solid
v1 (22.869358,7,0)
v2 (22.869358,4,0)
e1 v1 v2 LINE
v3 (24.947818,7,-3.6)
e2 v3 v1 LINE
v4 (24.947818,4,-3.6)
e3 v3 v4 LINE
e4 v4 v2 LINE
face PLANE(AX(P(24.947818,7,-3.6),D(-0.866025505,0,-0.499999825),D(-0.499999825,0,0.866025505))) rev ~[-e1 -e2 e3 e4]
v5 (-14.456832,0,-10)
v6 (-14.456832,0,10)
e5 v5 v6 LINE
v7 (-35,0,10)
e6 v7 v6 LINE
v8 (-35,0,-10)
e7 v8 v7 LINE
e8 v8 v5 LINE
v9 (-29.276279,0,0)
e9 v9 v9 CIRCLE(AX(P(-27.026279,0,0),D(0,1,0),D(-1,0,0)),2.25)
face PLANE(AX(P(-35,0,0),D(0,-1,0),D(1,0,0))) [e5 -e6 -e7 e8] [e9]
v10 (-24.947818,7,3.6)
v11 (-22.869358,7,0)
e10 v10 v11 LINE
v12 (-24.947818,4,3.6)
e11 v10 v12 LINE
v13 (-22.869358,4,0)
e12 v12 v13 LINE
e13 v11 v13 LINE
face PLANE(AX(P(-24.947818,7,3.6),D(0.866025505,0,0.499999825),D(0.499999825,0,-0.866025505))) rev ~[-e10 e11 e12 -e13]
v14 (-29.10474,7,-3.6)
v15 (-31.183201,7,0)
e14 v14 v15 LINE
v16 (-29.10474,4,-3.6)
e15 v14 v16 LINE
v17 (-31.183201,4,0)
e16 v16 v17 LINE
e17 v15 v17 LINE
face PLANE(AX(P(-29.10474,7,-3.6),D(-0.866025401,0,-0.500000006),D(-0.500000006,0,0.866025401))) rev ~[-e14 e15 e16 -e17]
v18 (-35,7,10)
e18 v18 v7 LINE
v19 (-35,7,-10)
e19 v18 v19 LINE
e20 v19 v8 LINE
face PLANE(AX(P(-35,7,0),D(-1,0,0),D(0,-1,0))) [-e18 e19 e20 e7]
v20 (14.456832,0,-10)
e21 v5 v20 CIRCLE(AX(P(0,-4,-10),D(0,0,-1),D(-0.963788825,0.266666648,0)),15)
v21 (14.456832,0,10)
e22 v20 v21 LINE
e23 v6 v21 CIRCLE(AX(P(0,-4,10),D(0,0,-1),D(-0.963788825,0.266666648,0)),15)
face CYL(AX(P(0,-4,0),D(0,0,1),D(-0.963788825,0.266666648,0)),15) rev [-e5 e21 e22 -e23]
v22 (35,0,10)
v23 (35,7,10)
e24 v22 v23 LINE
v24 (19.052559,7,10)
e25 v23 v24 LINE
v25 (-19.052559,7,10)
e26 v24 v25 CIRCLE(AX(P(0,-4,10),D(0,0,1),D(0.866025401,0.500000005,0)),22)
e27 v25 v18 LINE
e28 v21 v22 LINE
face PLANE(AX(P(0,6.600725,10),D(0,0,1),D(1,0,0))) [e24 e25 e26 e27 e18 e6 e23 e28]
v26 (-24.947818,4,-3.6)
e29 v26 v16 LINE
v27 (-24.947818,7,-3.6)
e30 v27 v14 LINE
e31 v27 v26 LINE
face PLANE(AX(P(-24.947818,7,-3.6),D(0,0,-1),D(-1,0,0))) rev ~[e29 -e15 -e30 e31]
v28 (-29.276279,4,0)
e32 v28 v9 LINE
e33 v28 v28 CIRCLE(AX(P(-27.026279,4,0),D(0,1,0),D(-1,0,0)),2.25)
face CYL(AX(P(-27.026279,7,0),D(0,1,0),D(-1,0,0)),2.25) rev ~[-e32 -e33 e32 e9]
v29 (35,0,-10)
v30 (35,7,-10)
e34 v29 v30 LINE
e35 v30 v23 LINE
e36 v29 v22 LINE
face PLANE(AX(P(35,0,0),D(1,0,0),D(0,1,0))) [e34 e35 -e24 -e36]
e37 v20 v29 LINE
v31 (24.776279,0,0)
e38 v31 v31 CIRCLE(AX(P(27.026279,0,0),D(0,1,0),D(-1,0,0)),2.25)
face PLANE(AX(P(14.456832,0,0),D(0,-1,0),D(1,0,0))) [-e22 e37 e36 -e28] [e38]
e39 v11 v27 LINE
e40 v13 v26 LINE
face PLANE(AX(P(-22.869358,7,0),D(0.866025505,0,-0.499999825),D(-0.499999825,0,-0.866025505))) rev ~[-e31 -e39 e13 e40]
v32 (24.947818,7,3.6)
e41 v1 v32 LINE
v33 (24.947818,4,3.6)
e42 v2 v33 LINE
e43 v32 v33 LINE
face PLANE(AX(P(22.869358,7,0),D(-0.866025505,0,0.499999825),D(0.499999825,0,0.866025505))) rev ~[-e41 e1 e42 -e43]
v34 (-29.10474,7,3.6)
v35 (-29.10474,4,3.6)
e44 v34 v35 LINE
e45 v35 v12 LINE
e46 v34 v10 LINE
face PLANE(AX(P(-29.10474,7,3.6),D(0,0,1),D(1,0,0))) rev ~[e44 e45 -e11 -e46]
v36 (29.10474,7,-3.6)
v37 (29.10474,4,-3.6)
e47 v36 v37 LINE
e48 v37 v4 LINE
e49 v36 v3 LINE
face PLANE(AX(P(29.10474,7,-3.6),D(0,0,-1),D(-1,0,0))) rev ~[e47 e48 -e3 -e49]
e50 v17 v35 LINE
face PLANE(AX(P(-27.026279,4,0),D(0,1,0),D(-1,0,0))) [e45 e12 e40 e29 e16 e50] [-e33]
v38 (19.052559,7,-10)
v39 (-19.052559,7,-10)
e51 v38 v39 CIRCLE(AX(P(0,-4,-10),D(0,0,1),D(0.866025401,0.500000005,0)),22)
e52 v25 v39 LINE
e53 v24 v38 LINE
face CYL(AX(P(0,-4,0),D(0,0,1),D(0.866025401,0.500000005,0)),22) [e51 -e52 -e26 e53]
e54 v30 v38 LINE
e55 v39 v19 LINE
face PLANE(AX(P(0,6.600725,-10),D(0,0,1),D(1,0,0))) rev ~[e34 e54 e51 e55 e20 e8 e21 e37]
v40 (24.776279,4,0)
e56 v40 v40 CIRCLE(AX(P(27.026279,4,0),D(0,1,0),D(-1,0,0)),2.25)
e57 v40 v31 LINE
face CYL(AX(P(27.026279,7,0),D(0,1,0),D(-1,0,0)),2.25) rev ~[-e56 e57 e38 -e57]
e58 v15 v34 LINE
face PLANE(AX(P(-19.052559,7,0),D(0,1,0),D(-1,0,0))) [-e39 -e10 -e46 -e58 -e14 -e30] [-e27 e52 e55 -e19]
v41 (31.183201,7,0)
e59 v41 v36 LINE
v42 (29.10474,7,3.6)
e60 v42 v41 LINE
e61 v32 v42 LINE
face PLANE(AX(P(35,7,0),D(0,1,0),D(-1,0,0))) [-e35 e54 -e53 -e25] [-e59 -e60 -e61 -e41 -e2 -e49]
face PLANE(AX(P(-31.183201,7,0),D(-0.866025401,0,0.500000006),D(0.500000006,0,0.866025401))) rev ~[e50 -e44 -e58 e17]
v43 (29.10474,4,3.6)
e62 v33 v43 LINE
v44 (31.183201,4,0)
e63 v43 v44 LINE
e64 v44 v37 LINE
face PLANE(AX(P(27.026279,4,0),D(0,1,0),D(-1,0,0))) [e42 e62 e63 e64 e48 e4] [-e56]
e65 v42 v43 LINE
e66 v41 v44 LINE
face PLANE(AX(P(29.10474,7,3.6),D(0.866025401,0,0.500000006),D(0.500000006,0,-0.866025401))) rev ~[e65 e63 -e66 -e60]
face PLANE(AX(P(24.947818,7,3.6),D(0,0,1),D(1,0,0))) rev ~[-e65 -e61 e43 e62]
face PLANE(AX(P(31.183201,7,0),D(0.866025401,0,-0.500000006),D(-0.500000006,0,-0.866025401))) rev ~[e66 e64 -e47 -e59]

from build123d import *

# Parameters (mm, degrees)
F1_DEPTH = 10
F2_R     = 2.25
F3_DEPTH = 25
F4_R     = 2.25
F5_DEPTH = 3


with BuildPart() as f1:
    # F0 (on Top) → F1 (new body, symmetric)
    with BuildSketch(Plane.XY):
        with BuildLine():
            Line((-35, 7), (-35, 0))
            Line((-35, 0), (-14.456832, 0))
            ThreePointArc((-14.456832, 0), (0, 11), (14.456832, 0))
            Line((14.456832, 0), (35, 0))
            Line((35, 0), (35, 7))
            Line((35, 7), (19.052559, 7))
            ThreePointArc((19.052559, 7), (0, 18), (-19.052559, 7))
            Line((-19.052559, 7), (-35, 7))
        make_face()
    extrude(amount=F1_DEPTH, both=True)

    # F2 (on face) → F3 (cut)
    with BuildSketch(Plane(origin=(0, 7, 0), x_dir=(-1, 0, 0), z_dir=(0, 1, 0))):
        with Locations((-27.026279, 0)):
            Circle(F2_R)
        with Locations((27.026279, 0)):
            Circle(F2_R)
    extrude(amount=-F3_DEPTH, mode=Mode.SUBTRACT)

    # F4 (on face) → F5 (cut)
    with BuildSketch(Plane(origin=(0, 7, 0), x_dir=(-1, 0, 0), z_dir=(0, 1, 0))):
        Polygon((-29.10474, 3.6), (-31.183201, 0), (-29.10474, -3.6), (-24.947818, -3.6), (-22.869358, 0), (-24.947818, 3.6), align=None)
        with Locations((-27.026279, 0)):
            Circle(F4_R, mode=Mode.SUBTRACT)
        Polygon((29.10474, -3.6), (31.183201, 0), (29.10474, 3.6), (24.947818, 3.6), (22.869358, 0), (24.947818, -3.6), align=None)
    extrude(amount=-F5_DEPTH, mode=Mode.SUBTRACT)


solid = f1.part
